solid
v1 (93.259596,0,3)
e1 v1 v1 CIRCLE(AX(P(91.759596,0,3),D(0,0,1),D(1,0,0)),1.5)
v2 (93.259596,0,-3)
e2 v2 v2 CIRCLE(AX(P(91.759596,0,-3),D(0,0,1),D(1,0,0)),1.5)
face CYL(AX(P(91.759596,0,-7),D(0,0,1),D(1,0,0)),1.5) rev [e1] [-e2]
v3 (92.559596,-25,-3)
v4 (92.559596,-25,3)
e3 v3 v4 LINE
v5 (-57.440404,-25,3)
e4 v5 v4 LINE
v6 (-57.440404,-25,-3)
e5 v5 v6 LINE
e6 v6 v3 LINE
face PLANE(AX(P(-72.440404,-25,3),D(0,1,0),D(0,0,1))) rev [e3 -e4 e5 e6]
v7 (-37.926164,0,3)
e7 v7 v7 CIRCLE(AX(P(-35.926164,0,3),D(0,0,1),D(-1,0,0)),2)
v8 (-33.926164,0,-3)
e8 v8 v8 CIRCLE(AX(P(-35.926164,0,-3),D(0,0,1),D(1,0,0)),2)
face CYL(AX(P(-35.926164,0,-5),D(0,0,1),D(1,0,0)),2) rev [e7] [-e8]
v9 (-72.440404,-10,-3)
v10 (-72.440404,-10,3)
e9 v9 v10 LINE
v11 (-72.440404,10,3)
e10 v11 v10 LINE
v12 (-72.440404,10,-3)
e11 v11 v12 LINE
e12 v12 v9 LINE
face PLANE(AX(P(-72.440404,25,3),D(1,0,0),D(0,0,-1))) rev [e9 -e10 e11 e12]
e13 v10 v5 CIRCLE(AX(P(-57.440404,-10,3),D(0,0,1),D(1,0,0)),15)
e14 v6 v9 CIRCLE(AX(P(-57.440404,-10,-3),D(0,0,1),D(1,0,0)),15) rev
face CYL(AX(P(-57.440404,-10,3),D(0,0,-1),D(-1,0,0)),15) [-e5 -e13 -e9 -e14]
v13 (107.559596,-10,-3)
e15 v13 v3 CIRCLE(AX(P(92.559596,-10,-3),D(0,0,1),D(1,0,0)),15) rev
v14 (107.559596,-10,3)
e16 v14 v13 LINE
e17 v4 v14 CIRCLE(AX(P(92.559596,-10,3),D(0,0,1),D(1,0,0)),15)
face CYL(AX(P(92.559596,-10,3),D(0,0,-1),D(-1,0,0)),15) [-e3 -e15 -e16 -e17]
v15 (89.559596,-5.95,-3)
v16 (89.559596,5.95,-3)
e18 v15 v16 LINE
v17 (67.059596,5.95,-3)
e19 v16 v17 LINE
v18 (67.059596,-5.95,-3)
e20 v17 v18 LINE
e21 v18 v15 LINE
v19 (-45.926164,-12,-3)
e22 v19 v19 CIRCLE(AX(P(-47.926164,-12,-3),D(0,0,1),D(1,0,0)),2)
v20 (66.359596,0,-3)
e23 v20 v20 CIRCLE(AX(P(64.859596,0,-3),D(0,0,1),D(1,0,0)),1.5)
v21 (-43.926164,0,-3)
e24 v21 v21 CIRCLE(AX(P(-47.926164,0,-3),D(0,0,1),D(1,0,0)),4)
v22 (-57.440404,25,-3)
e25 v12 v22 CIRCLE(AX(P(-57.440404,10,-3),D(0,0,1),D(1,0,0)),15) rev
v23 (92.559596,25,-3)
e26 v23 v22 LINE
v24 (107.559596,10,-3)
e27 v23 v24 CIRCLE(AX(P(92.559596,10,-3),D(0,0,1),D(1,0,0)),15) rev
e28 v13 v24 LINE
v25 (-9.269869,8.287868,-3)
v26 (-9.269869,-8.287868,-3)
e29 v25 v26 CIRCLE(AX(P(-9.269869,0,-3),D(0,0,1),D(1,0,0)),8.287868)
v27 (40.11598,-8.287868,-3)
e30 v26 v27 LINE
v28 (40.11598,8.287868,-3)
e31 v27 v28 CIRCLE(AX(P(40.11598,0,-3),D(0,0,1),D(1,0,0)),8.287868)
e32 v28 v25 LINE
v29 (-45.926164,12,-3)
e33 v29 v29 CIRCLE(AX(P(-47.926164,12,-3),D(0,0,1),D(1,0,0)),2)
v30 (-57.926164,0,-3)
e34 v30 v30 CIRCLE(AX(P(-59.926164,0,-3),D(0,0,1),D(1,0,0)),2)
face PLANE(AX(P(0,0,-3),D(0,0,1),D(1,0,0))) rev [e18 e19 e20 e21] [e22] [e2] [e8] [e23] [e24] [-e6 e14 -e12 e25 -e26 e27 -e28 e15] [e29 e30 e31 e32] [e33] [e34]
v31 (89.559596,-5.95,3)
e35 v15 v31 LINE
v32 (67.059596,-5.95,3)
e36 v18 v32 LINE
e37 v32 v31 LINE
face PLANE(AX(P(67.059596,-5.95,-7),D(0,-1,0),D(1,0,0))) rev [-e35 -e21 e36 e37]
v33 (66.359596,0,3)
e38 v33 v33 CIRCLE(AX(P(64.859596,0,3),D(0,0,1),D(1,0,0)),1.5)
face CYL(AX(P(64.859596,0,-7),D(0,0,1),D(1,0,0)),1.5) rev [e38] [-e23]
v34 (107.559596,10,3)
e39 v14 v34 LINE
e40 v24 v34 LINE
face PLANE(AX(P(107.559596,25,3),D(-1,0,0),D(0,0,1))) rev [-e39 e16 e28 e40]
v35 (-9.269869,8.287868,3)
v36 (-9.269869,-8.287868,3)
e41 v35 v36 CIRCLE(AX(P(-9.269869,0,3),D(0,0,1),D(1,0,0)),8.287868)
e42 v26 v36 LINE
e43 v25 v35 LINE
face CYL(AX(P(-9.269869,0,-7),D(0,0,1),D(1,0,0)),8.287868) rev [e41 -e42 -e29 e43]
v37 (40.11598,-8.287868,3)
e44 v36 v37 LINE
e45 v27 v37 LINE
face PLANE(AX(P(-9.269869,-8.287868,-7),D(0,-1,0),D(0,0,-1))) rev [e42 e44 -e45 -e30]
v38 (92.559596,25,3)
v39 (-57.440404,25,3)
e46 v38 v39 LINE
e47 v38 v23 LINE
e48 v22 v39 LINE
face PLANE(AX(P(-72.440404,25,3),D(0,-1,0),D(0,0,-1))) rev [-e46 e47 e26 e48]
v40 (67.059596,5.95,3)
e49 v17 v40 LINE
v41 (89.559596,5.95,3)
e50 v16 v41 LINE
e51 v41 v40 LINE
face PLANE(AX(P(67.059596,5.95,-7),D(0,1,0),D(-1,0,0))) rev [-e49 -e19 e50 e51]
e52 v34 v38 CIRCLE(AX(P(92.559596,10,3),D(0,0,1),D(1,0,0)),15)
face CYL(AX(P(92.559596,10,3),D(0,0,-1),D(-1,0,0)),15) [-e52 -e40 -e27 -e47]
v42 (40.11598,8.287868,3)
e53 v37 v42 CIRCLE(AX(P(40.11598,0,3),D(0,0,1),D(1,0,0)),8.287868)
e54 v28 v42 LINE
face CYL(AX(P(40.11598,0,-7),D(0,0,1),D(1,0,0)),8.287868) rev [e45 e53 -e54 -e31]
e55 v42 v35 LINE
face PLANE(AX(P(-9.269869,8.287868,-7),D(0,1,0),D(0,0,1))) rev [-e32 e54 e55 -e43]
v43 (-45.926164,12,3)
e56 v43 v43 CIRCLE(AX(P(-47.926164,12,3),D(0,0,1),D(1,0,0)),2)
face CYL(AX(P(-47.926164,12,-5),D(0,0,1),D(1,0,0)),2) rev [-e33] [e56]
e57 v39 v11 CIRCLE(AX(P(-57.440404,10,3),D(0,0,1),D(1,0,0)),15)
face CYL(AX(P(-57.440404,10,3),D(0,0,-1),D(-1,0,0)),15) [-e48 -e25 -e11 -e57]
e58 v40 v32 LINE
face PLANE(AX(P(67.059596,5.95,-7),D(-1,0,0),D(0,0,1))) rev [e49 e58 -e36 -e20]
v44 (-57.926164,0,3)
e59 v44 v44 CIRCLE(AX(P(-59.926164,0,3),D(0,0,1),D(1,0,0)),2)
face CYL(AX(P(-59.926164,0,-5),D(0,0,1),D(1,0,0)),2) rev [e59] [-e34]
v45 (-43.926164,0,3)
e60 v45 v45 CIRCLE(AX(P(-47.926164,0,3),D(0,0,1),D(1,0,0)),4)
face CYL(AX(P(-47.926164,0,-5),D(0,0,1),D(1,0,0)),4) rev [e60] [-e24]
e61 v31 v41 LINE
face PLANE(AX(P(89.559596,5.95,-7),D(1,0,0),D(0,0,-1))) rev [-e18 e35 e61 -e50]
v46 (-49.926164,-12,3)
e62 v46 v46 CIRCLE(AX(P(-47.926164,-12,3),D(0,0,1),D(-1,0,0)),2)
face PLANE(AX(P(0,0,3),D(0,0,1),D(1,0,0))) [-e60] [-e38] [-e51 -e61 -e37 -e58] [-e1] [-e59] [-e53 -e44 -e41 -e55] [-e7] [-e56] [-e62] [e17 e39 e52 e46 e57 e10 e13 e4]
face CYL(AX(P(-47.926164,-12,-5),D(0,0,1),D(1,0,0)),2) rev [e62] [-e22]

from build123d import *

# Parameters (mm, degrees)
SKETCH1_W           = 180
SKETCH1_H           = 50
BOSS_EXTRUDE1_DEPTH = 3
FILLET1_R           = 15
SKETCH3_R           = 4
SKETCH3_R_2         = 2
CUT_EXTRUDE1_DEPTH  = 8
SKETCH4_R           = 1.5
SKETCH4_W           = 22.5
SKETCH4_H           = 11.9
CUT_EXTRUDE2_DEPTH  = 10


with BuildPart() as part:
    # Sketch1 → Boss-Extrude1 (new body, symmetric)
    with BuildSketch(Plane.XY):
        with Locations((17.559596495, 0)):
            Rectangle(SKETCH1_W, SKETCH1_H)
    extrude(amount=BOSS_EXTRUDE1_DEPTH, both=True)

    # Fillet1
    fillet1_edges = [part.edges().sort_by_distance(p)[0] for p in [
        (107.559596495, -25, 0),
        (-72.440403505, -25, 0),
        (-72.440403505, 25, 0),
        (107.559596495, 25, 0),
    ]]
    fillet(fillet1_edges, radius=FILLET1_R)

    # Sketch3 → Cut-Extrude1 (cut)
    with BuildSketch(Plane.XY.offset(3)):
        with Locations((-47.926163707, 0)):
            Circle(SKETCH3_R)
        with Locations((-47.926163707, 12)):
            Circle(SKETCH3_R_2)
        with Locations((-47.926163707, -12)):
            Circle(SKETCH3_R_2)
        with Locations((-59.926163707, 0)):
            Circle(SKETCH3_R_2)
        with Locations((-35.926163707, 0)):
            Circle(SKETCH3_R_2)
    extrude(amount=-CUT_EXTRUDE1_DEPTH, mode=Mode.SUBTRACT)

    # Sketch4 → Cut-Extrude2 (cut)
    with BuildSketch(Plane.XY.offset(3)):
        with Locations((64.859596495, 0)):
            Circle(SKETCH4_R)
        with Locations((91.759596495, 0)):
            Circle(SKETCH4_R)
        with Locations((78.309596495, 0)):
            Rectangle(SKETCH4_W, SKETCH4_H)
        with BuildLine():
            Line((-9.269868987, 8.287867606), (40.115980257, 8.287867606))
            ThreePointArc((40.115980257, 8.287867606), (48.403847863, 0), (40.115980257, -8.287867606))
            Line((40.115980257, -8.287867606), (-9.269868987, -8.287867606))
            ThreePointArc((-9.269868987, -8.287867606), (-17.557736593, 0), (-9.269868987, 8.287867606))
        make_face()
    extrude(amount=-CUT_EXTRUDE2_DEPTH, mode=Mode.SUBTRACT)


solid = part.part
